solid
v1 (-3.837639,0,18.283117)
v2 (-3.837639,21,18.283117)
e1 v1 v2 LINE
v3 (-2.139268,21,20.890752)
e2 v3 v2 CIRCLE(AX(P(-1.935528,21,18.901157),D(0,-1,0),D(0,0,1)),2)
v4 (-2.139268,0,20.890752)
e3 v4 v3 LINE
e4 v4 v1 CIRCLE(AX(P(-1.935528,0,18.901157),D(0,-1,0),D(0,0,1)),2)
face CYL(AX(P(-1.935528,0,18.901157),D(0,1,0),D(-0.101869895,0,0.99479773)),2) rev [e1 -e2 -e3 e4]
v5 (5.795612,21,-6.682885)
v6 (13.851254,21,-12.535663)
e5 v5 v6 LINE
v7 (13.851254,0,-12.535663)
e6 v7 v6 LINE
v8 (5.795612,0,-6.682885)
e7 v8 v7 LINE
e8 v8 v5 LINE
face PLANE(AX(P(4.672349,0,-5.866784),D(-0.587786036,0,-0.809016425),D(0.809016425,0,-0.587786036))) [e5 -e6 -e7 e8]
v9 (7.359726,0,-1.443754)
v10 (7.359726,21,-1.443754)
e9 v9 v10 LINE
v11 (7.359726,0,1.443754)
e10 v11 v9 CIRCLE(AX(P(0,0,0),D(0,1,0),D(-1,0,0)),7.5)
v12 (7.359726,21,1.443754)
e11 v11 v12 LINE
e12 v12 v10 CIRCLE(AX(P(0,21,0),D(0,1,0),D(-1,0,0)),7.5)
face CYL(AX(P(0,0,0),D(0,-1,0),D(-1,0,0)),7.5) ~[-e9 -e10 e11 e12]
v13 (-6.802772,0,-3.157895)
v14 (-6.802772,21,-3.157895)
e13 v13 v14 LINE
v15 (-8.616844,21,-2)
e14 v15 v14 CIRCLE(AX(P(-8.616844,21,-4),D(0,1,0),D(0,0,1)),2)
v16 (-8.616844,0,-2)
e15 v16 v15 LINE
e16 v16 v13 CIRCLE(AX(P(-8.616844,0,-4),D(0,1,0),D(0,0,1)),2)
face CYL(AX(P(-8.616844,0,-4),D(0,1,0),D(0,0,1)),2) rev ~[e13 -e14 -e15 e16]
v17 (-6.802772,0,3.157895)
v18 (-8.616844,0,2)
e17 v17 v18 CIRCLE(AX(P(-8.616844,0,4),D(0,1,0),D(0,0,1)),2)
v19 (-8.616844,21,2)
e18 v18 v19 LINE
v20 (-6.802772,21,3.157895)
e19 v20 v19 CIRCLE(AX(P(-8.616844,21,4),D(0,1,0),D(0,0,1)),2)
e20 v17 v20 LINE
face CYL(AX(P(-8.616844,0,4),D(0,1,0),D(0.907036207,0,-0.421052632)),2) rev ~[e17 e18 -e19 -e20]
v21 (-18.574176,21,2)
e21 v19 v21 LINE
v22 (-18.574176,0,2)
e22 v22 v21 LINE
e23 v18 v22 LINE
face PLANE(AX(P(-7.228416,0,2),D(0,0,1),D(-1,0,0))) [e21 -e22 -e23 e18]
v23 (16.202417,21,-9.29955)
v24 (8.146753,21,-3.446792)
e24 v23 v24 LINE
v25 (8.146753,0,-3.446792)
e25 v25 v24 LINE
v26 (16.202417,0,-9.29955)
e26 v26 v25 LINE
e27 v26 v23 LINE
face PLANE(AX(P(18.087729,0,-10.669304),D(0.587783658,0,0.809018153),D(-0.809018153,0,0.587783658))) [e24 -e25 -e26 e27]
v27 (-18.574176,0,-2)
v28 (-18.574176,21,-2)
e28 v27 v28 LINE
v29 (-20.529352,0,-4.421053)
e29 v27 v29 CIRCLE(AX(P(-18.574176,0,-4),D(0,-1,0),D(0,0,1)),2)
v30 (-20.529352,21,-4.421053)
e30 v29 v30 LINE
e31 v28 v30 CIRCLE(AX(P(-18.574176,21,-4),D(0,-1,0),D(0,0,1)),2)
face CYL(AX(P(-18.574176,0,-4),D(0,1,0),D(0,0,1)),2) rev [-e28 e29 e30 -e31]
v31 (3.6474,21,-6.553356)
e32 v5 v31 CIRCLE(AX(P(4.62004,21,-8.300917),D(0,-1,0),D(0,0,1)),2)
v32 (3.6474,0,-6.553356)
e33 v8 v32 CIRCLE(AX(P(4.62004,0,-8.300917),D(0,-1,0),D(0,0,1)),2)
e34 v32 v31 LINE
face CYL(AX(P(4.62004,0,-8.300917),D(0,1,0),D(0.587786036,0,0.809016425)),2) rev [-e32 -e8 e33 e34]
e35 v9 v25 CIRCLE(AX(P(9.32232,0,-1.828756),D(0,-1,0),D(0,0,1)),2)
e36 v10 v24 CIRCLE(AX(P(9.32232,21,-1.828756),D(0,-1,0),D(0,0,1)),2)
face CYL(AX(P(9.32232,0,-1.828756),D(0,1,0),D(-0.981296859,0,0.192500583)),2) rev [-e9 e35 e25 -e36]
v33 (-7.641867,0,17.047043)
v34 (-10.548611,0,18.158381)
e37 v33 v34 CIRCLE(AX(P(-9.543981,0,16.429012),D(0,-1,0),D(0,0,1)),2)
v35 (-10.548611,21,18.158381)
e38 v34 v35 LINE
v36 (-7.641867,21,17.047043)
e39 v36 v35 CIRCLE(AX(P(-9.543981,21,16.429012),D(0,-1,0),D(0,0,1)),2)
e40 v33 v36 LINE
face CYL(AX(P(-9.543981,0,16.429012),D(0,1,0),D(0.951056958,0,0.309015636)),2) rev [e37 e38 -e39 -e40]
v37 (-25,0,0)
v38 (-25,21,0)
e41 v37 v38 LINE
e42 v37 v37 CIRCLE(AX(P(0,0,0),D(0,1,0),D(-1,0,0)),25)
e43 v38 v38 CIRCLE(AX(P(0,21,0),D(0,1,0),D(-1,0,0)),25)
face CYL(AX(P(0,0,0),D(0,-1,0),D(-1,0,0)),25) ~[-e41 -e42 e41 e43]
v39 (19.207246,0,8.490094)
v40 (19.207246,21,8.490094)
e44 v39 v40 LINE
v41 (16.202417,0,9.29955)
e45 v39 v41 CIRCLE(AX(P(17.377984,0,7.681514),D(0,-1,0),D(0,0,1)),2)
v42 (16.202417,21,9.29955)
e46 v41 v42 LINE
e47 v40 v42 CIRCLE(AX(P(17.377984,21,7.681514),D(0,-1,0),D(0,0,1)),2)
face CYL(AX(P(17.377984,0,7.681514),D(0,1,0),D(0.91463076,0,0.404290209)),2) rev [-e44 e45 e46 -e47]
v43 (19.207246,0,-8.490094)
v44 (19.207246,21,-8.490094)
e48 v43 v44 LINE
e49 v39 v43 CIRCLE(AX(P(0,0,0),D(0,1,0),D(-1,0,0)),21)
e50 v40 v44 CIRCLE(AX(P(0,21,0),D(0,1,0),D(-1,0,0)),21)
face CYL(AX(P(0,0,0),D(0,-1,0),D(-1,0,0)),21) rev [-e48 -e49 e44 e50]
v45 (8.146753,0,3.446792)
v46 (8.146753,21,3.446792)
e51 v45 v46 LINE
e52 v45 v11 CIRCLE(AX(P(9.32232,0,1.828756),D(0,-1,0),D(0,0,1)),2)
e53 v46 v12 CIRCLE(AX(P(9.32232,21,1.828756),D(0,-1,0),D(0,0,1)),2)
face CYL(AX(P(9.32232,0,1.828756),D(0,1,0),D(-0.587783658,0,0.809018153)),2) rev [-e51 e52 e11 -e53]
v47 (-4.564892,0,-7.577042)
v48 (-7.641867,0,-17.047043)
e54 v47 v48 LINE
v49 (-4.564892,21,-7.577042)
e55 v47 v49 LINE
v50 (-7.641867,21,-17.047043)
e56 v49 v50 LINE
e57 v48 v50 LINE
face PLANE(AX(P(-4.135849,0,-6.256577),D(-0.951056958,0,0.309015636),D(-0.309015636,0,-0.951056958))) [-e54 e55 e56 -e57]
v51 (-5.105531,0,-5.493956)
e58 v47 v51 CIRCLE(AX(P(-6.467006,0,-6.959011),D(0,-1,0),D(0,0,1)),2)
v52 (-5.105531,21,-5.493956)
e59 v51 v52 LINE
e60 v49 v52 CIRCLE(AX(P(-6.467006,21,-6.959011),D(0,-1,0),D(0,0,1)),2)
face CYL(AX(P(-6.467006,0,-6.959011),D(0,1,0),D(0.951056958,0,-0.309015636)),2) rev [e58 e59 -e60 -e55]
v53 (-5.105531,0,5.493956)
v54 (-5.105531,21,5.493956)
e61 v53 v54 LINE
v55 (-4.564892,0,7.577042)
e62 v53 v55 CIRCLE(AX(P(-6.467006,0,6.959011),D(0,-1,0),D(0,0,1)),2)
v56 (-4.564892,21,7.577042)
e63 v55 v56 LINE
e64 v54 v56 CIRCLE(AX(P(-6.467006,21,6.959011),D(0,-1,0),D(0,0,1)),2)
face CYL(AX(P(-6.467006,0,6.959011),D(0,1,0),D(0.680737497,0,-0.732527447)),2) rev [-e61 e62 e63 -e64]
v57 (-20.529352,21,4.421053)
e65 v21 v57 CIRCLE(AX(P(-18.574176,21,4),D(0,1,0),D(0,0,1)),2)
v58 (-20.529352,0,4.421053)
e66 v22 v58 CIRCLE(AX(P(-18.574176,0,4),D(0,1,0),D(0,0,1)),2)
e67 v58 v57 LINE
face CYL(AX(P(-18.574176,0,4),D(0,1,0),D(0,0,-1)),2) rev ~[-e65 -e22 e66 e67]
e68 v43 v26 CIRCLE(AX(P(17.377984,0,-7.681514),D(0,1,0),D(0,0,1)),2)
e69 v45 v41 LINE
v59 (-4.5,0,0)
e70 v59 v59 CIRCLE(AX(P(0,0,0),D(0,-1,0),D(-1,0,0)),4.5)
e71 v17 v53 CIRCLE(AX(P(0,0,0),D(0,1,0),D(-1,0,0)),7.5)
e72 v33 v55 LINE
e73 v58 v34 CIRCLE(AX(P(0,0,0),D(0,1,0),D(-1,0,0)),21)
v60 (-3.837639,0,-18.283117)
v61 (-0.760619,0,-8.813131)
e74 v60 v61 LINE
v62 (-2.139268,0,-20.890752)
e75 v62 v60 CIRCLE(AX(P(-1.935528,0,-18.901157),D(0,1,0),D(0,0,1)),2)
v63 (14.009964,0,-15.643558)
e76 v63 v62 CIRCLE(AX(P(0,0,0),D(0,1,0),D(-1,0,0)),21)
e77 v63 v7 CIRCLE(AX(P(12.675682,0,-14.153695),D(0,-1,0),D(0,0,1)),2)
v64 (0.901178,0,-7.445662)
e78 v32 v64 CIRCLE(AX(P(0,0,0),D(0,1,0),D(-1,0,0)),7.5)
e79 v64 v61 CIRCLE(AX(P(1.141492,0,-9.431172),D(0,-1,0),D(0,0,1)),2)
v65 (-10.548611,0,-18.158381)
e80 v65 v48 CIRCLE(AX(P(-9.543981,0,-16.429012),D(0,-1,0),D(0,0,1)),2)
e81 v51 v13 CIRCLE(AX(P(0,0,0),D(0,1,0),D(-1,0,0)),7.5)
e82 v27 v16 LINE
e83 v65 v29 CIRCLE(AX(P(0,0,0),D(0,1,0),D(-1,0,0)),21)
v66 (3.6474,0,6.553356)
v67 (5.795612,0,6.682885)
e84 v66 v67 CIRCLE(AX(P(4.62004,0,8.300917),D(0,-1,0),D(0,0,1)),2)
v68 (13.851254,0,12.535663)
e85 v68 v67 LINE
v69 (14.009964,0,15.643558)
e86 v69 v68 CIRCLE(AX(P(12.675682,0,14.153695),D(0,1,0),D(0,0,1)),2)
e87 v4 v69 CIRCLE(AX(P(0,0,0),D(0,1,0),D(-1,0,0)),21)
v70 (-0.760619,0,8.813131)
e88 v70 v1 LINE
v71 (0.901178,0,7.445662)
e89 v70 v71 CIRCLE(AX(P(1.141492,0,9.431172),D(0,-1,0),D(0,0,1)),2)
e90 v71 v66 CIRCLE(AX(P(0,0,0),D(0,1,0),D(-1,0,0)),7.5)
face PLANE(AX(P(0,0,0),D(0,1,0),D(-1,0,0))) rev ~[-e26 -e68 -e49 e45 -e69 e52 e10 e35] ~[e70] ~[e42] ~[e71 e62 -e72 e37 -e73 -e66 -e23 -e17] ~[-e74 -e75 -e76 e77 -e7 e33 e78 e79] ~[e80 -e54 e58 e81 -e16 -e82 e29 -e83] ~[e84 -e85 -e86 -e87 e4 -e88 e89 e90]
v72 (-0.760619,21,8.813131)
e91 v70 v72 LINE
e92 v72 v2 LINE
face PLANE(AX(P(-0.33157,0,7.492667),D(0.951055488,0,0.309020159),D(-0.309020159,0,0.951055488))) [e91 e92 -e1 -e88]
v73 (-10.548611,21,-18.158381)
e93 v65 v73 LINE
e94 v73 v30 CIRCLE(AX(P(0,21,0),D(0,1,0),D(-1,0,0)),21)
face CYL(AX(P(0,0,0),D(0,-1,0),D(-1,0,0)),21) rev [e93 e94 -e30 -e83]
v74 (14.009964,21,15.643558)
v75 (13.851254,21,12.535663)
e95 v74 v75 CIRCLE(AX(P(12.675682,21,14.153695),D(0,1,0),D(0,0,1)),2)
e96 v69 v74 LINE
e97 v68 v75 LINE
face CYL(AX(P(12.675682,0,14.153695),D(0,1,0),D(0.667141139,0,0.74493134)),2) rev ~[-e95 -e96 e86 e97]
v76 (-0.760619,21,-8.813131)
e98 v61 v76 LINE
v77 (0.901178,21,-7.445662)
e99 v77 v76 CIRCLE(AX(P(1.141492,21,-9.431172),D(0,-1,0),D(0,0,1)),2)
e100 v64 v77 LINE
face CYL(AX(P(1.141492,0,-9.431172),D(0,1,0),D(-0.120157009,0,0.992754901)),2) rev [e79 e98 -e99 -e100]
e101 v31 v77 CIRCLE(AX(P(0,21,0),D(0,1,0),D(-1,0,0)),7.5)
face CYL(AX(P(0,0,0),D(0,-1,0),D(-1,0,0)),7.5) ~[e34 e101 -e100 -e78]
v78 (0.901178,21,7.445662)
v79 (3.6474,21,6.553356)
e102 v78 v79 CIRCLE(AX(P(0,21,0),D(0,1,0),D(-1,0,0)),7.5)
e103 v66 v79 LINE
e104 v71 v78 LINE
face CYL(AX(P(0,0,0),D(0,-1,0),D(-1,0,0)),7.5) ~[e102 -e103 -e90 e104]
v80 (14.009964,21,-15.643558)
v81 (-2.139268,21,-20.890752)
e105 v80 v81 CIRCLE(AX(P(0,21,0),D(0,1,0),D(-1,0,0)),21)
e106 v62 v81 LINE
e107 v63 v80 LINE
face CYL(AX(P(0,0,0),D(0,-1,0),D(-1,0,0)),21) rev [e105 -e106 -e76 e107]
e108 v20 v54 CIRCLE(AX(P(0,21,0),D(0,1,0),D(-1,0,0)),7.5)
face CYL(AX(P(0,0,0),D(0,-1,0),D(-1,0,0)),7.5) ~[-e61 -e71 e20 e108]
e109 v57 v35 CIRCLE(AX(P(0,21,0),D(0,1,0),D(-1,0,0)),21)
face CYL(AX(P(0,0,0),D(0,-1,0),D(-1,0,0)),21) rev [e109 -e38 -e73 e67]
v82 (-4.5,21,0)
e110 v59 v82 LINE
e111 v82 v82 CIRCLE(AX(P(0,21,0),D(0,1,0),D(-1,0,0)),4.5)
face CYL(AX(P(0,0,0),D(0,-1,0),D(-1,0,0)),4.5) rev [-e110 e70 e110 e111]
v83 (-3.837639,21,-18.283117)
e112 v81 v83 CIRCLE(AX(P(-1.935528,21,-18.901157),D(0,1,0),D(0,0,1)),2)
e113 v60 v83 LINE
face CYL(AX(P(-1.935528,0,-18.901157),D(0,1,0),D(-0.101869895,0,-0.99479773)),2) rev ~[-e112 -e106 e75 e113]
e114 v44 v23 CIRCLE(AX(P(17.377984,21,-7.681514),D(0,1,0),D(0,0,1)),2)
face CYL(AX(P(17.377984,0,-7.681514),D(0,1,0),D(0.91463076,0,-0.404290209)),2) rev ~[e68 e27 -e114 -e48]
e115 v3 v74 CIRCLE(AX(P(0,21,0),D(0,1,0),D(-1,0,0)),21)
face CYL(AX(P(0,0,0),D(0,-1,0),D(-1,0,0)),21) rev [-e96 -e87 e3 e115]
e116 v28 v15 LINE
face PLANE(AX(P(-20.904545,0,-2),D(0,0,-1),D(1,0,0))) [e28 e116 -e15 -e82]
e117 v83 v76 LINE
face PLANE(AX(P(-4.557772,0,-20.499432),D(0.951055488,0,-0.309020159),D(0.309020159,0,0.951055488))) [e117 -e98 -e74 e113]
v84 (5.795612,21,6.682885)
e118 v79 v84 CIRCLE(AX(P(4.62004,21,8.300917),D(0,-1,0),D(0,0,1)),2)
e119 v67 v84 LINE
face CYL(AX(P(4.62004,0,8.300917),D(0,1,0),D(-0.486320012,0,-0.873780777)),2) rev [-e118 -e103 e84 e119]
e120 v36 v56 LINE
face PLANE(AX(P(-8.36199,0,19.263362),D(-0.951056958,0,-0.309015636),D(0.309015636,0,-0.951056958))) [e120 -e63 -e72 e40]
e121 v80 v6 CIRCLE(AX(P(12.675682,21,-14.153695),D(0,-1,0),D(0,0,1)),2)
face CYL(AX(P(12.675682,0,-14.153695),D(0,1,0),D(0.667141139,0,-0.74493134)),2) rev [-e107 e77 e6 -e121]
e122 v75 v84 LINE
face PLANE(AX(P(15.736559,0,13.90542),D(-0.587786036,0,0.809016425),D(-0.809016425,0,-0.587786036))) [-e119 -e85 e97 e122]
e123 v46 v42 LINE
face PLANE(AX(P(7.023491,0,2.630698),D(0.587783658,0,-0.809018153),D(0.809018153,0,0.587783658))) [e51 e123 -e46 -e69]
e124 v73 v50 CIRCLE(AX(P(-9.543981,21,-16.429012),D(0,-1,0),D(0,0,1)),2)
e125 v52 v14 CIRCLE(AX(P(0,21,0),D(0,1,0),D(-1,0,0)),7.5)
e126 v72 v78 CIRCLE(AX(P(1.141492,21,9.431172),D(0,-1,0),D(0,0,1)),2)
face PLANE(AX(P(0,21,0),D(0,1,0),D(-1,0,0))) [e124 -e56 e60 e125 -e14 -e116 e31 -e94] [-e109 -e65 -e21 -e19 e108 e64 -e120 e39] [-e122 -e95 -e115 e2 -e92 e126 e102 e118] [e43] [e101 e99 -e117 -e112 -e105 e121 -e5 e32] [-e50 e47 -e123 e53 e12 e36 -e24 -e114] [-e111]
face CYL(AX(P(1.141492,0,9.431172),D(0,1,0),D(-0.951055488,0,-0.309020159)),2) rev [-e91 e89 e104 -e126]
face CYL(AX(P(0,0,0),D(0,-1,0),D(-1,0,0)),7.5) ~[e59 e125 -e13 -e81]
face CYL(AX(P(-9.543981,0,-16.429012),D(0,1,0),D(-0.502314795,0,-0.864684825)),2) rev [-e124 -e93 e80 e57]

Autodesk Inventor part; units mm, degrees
ref_plane "YZ Plane" through (0, 0, 0) normal (1, 0, 0) x (0, 1, 0)
ref_plane "XZ Plane" through (0, 0, 0) normal (0, 1, 0) x (-1, 0, 0)
ref_plane "XY Plane" through (0, 0, 0) normal (0, 0, 1) x (1, 0, 0)
sketch "Sketch1" plane through (0, 0, 0) normal (0, 1, 0) x (-1, 0, 0)
  circle A0 centre (0, 0) radius 4.5
  circle A1 centre (0, 0) radius 25
  circle A2 centre (0, 0) radius 7.5
  circle A3 centre (0, 0) radius 21
  line L0 (0, 0) -> (25, 0)
  line L1 (22.5, 2) -> (22.5, -2)
  line L2 (22.5, -2) -> (2.5, -2)
  line L3 (2.5, -2) -> (2.5, 2)
  line L4 (2.5, 2) -> (22.5, 2)
  line L5 (22.5, 2) -> (2.5, -2) construction
  line L6 (22.5, -2) -> (2.5, 2) construction
  line L7 (5.0508, 22.0168) -> (8.855, 20.7807)
  line L8 (-1.1296, 2.9957) -> (5.0508, 22.0168)
  line L9 (8.855, 20.7807) -> (2.6747, 1.7596)
  line L10 (2.6747, 1.7596) -> (-1.1296, 2.9957)
  line L11 (-19.3785, 11.6071) -> (-17.0273, 14.8432)
  line L12 (-3.1981, -0.1486) -> (-19.3785, 11.6071)
  line L13 (-17.0273, 14.8432) -> (-0.847, 3.0875)
  line L14 (-0.847, 3.0875) -> (-3.1981, -0.1486)
  line L15 (-17.0273, -14.8432) -> (-19.3785, -11.6071)
  line L16 (-0.847, -3.0875) -> (-17.0273, -14.8432)
  line L17 (-19.3785, -11.6071) -> (-3.1981, 0.1486)
  line L18 (-3.1981, 0.1486) -> (-0.847, -3.0875)
  line L19 (8.855, -20.7807) -> (5.0508, -22.0168)
  line L20 (2.6747, -1.7596) -> (8.855, -20.7807)
  line L21 (5.0508, -22.0168) -> (-1.1296, -2.9957)
  line L22 (-1.1296, -2.9957) -> (2.6747, -1.7596)
  point P0 (12.5, 0)
  point P1 (7.2284, -2)
  point P2 (20.9045, -2)
  point P3 (8.362, -19.2634)
  point P4 (4.1358, -6.2566)
  point P5 (7.2284, 2)
  point P6 (4.1358, 6.2566)
  point P7 (8.362, 19.2634)
  point P8 (20.9045, 2)
  point P9 (0.3316, 7.4927)
  point P10 (-4.6723, 5.8668)
  point P11 (-15.7366, 13.9054)
  point P12 (4.5577, 20.4994)
  point P13 (-4.6723, -5.8668)
  point P14 (0.3316, -7.4927)
  point P15 (4.5577, -20.4994)
  point P16 (-15.7366, -13.9054)
  point P17 (-7.0235, 2.6307)
  point P18 (-7.0235, -2.6307)
  point P19 (-18.0877, -10.6693)
  point P20 (-18.0877, 10.6693)
  dimension "d1" = 50
  dimension "d0" = 9
  dimension "d2" = 3
  dimension "d3" = 4
  dimension "d4" = 4
  dimension "d5" = 20
  dimension "d8" = 360
extrude "Extrusion1" add sketch "Sketch1" along normal blind 21 contours L0 A2 L2 A0 | A0 L4 A2 L0 | A0 L9 A2 L4 | L2 A2 L20 A0 | L0 A3 L2 A2 | A2 L4 A3 L0 | A0 L8 A2 L9 | L20 A2 L21 A0 | L0 L1 L2 A3 | A3 L4 L1 L0 | A0 L13 A2 L8 | A2 L8 A3 L9 | A1 | L21 A2 L16 A0 | L20 A3 L21 A2 | A0 L12 A2 L13 | A3 L8 L7 L9 | L16 A2 L17 A0 | L20 L19 L21 A3 | A0 L17 A2 L12 | A2 L12 A3 L13 | L16 A3 L17 A2 | A3 L12 L11 L13 | L16 L15 L17 A3
fillet "Fillet1" radius 2 4 edges at (-8.362, 10.5, 19.2634) (-20.9045, 10.5, 2) (-7.2284, 10.5, 2) (-4.1358, 10.5, 6.2566)
pattern_circular "Circular Pattern1" count 5 over 360 about axis through (0, 0, 0) along (0, 1, 0) of "Fillet1"
properties part number "8_21mm"
